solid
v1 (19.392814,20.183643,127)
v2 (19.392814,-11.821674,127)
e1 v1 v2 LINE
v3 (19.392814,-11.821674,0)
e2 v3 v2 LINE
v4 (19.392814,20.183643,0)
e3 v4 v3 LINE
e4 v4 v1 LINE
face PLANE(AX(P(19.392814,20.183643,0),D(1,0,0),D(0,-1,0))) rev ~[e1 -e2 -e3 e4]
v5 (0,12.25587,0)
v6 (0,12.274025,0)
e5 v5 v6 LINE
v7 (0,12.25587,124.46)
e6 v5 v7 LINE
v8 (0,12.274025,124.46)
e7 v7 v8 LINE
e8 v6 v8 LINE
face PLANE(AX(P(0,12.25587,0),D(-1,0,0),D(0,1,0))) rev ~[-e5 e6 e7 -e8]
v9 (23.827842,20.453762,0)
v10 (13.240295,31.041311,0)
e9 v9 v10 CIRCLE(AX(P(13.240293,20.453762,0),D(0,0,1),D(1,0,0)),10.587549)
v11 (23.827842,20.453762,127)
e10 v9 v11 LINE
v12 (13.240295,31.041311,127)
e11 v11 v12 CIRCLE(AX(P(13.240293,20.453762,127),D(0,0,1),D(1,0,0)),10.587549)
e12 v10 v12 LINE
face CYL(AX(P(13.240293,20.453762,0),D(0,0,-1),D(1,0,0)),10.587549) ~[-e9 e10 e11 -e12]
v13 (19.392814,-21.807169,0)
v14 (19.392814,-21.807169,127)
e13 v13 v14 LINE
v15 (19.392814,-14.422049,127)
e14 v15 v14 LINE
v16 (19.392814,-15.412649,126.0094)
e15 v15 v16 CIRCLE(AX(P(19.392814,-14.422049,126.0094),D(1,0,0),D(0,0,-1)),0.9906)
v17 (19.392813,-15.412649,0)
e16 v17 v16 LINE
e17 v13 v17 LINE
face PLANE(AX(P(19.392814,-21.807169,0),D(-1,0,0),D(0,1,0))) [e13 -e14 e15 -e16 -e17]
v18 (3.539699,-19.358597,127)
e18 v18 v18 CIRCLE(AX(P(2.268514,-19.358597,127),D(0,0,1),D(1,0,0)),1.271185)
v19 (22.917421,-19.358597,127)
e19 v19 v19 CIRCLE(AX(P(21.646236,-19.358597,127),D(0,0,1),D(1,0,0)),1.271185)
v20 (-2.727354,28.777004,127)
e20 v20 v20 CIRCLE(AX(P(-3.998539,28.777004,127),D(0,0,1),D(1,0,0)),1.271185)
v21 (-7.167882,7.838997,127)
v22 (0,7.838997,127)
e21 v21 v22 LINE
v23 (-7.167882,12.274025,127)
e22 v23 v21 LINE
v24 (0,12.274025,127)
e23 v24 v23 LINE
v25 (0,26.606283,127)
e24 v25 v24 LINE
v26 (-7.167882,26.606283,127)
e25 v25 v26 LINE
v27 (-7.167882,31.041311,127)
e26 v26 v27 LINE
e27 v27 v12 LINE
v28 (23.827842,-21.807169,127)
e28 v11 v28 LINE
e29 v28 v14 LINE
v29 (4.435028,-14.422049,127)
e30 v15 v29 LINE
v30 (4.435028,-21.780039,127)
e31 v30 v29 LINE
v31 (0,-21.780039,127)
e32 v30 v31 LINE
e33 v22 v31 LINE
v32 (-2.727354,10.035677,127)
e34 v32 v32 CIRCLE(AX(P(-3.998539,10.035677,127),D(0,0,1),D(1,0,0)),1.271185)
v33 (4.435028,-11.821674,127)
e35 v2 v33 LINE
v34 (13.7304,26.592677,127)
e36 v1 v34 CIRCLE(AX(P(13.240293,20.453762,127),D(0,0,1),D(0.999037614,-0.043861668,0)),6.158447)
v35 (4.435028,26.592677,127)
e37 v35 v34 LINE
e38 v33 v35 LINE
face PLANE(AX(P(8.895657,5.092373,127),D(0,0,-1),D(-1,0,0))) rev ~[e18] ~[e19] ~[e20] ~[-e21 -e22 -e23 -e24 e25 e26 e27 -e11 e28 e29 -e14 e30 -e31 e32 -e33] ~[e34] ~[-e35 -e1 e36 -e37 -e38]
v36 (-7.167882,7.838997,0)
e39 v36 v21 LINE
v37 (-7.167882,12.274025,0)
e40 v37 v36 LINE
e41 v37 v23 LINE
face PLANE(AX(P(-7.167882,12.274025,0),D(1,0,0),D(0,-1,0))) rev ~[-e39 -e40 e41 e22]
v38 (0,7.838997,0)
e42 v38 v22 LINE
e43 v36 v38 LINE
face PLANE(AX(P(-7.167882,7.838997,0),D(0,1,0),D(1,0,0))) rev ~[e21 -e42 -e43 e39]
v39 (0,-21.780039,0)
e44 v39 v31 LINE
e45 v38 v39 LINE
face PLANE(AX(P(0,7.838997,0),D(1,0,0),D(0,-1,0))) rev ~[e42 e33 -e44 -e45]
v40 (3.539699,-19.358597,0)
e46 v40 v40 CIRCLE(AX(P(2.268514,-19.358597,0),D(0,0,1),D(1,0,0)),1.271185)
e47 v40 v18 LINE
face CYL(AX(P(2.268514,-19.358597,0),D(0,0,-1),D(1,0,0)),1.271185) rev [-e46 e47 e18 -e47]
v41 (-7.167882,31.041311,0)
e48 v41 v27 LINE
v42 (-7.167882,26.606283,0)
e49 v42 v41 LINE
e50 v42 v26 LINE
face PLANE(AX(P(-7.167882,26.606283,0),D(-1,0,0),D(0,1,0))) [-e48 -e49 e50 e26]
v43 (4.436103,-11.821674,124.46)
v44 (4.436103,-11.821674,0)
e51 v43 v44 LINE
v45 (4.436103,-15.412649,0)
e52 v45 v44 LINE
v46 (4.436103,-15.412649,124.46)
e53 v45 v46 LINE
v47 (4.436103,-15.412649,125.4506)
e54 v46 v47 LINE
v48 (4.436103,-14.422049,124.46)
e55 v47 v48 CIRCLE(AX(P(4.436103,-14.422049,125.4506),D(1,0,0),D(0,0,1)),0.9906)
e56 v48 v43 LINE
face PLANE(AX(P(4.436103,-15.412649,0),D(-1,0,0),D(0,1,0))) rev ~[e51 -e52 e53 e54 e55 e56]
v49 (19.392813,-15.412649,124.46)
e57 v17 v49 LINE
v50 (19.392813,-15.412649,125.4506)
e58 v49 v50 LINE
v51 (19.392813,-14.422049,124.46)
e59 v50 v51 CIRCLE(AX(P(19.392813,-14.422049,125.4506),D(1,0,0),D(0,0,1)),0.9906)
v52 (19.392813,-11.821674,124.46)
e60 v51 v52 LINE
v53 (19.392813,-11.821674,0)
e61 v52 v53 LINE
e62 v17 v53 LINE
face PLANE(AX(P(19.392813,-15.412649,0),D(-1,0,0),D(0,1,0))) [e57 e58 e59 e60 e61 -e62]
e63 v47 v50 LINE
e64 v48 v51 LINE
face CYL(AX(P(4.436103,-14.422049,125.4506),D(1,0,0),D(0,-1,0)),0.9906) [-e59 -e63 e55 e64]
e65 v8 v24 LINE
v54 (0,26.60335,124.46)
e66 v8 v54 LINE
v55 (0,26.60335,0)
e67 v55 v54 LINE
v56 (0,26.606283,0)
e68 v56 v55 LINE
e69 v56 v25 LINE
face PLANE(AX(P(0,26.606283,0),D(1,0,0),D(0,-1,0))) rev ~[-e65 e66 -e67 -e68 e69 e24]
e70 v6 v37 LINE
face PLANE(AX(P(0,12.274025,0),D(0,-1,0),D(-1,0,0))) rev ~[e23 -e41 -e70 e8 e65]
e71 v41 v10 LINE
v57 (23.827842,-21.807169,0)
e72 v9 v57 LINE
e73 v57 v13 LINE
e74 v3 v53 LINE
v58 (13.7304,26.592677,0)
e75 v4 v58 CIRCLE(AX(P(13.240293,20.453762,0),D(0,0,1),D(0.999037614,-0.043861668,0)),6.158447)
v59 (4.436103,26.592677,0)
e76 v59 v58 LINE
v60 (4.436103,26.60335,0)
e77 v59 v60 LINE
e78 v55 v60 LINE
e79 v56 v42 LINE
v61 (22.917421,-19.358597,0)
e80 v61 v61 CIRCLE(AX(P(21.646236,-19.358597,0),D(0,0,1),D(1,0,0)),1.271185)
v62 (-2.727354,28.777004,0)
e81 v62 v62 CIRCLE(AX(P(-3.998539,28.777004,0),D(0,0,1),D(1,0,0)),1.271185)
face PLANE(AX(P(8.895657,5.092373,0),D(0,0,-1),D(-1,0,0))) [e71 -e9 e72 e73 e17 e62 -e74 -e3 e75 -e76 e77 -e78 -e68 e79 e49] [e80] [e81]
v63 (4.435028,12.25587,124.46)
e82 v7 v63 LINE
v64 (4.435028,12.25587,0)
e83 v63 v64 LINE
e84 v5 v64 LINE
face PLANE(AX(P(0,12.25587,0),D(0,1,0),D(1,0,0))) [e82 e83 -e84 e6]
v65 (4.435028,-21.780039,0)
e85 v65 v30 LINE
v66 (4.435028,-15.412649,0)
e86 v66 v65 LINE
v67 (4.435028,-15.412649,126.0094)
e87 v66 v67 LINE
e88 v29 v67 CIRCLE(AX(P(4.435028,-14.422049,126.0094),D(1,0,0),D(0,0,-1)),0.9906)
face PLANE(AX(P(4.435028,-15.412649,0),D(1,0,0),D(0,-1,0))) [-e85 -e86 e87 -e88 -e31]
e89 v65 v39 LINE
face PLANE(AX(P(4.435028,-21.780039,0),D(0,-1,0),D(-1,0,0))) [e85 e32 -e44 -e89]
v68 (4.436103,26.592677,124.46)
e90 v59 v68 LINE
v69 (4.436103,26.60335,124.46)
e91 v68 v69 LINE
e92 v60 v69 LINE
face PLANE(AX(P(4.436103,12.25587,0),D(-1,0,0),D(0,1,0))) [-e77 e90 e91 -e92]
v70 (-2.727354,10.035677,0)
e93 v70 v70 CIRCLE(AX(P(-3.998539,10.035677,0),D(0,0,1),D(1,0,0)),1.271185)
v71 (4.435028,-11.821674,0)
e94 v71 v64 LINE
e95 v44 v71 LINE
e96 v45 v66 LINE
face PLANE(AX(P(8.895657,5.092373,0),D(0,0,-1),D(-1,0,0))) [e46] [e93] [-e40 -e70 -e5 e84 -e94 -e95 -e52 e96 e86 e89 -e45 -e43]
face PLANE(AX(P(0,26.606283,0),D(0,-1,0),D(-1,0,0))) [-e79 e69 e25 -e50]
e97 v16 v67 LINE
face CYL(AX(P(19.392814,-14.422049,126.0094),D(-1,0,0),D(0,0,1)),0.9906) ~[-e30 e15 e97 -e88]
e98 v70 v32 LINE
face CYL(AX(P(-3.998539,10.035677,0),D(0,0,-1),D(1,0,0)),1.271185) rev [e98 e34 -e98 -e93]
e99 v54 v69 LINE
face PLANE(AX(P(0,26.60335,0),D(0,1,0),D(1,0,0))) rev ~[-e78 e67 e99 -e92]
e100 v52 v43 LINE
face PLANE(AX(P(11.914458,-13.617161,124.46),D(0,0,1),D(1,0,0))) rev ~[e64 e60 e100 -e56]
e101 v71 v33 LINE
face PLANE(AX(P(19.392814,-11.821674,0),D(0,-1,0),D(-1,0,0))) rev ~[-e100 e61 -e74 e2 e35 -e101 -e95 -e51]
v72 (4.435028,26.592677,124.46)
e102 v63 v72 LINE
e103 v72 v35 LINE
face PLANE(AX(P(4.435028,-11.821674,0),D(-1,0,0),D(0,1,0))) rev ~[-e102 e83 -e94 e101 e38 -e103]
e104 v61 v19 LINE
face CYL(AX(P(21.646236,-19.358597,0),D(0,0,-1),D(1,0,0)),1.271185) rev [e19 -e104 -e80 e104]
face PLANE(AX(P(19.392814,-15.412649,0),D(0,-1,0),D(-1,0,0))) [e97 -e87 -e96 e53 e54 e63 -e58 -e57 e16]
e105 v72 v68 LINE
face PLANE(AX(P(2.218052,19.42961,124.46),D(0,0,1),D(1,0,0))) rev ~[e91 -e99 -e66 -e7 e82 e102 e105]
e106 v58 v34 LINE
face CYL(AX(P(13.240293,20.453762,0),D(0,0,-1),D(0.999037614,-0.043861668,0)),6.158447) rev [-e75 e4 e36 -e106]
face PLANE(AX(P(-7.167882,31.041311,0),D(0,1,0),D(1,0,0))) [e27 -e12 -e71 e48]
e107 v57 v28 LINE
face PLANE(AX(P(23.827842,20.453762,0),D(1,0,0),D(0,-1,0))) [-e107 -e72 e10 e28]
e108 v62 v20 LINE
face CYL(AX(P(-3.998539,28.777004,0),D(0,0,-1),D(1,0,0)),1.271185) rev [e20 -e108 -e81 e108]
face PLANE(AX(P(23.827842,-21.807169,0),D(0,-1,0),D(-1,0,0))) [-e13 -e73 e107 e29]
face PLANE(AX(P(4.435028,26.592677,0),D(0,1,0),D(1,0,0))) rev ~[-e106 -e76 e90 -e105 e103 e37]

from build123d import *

# Parameters (mm, degrees)
SKETCH_R      = 1.2711848232
PAD_DEPTH     = 127
SKETCH001_W   = 4.436103
SKETCH001_H   = 14.34748
SKETCH001_W_2 = 14.95671
SKETCH001_H_2 = 3.590976
POCKET_DEPTH  = 124.46
FILLET_R      = 0.9906


with BuildPart() as part:
    # Sketch → Pad (new body)
    with BuildSketch(Plane.XY):
        with BuildLine():
            Line((0, 26.6062828995), (-7.1678815, 26.6062828995))
            Line((-7.1678815, 26.6062828995), (-7.1678815, 31.0413108508))
            Line((-7.1678815, 31.0413108508), (13.2402945255, 31.0413108508))
            ThreePointArc((23.8278416124, 20.4537623186), (20.7268209545, 27.9402891709), (13.2402945255, 31.0413108508))
            Line((23.8278416124, 20.4537623186), (23.8278416124, -21.8071686959))
            Line((23.8278416124, -21.8071686959), (19.392813661, -21.8071686959))
            Line((19.392813661, -21.8071686959), (19.392813661, -15.4126492598))
            Line((19.392813661, -15.4126492598), (4.4350279514, -15.4126492598))
            Line((4.4350279514, -15.4126492598), (4.4350279514, -21.7800391169))
            Line((4.4350279514, -21.7800391169), (0, -21.7800391169))
            Line((0, 7.8389965784), (0, -21.7800391169))
            Line((-7.1678815, 7.8389965784), (0, 7.8389965784))
            Line((-7.1678815, 12.2740245298), (-7.1678815, 7.8389965784))
            Line((0, 12.2740245298), (-7.1678815, 12.2740245298))
            Line((0, 26.6062828995), (0, 12.2740245298))
        make_face()
        with Locations((-3.998539, 28.777004)):
            Circle(SKETCH_R, mode=Mode.SUBTRACT)
        with Locations((-3.998539, 10.035677)):
            Circle(SKETCH_R, mode=Mode.SUBTRACT)
        with Locations((2.268514, -19.358597)):
            Circle(SKETCH_R, mode=Mode.SUBTRACT)
        with Locations((21.646236, -19.358597)):
            Circle(SKETCH_R, mode=Mode.SUBTRACT)
        with BuildLine():
            Line((19.392813661, 20.1836425457), (19.392813661, -11.8216736282))
            Line((19.392813661, -11.8216736282), (4.4350279514, -11.8216736282))
            Line((4.4350279514, -11.8216736282), (4.4350279514, 26.5926766868))
            Line((4.4350279514, 26.5926766868), (13.7303997721, 26.5926766868))
            ThreePointArc((19.392813661, 20.1836425457), (17.8554912262, 24.5313130863), (13.7303997721, 26.5926766868))
        make_face(mode=Mode.SUBTRACT)
    extrude(amount=PAD_DEPTH)

    # Sketch001 → Pocket (cut)
    with BuildSketch(Plane.XY):
        with Locations((2.2180515, 19.42961)):
            Rectangle(SKETCH001_W, SKETCH001_H)
        with Locations((11.914458, -13.617161)):
            Rectangle(SKETCH001_W_2, SKETCH001_H_2)
    extrude(amount=POCKET_DEPTH, mode=Mode.SUBTRACT)

    # Fillet
    fillet_edges = [part.edges().sort_by_distance(p)[0] for p in [
        (11.914458, -15.412649, 124.46),
        (11.913921, -15.412649, 127),
    ]]
    fillet(fillet_edges, radius=FILLET_R)


solid = part.part
